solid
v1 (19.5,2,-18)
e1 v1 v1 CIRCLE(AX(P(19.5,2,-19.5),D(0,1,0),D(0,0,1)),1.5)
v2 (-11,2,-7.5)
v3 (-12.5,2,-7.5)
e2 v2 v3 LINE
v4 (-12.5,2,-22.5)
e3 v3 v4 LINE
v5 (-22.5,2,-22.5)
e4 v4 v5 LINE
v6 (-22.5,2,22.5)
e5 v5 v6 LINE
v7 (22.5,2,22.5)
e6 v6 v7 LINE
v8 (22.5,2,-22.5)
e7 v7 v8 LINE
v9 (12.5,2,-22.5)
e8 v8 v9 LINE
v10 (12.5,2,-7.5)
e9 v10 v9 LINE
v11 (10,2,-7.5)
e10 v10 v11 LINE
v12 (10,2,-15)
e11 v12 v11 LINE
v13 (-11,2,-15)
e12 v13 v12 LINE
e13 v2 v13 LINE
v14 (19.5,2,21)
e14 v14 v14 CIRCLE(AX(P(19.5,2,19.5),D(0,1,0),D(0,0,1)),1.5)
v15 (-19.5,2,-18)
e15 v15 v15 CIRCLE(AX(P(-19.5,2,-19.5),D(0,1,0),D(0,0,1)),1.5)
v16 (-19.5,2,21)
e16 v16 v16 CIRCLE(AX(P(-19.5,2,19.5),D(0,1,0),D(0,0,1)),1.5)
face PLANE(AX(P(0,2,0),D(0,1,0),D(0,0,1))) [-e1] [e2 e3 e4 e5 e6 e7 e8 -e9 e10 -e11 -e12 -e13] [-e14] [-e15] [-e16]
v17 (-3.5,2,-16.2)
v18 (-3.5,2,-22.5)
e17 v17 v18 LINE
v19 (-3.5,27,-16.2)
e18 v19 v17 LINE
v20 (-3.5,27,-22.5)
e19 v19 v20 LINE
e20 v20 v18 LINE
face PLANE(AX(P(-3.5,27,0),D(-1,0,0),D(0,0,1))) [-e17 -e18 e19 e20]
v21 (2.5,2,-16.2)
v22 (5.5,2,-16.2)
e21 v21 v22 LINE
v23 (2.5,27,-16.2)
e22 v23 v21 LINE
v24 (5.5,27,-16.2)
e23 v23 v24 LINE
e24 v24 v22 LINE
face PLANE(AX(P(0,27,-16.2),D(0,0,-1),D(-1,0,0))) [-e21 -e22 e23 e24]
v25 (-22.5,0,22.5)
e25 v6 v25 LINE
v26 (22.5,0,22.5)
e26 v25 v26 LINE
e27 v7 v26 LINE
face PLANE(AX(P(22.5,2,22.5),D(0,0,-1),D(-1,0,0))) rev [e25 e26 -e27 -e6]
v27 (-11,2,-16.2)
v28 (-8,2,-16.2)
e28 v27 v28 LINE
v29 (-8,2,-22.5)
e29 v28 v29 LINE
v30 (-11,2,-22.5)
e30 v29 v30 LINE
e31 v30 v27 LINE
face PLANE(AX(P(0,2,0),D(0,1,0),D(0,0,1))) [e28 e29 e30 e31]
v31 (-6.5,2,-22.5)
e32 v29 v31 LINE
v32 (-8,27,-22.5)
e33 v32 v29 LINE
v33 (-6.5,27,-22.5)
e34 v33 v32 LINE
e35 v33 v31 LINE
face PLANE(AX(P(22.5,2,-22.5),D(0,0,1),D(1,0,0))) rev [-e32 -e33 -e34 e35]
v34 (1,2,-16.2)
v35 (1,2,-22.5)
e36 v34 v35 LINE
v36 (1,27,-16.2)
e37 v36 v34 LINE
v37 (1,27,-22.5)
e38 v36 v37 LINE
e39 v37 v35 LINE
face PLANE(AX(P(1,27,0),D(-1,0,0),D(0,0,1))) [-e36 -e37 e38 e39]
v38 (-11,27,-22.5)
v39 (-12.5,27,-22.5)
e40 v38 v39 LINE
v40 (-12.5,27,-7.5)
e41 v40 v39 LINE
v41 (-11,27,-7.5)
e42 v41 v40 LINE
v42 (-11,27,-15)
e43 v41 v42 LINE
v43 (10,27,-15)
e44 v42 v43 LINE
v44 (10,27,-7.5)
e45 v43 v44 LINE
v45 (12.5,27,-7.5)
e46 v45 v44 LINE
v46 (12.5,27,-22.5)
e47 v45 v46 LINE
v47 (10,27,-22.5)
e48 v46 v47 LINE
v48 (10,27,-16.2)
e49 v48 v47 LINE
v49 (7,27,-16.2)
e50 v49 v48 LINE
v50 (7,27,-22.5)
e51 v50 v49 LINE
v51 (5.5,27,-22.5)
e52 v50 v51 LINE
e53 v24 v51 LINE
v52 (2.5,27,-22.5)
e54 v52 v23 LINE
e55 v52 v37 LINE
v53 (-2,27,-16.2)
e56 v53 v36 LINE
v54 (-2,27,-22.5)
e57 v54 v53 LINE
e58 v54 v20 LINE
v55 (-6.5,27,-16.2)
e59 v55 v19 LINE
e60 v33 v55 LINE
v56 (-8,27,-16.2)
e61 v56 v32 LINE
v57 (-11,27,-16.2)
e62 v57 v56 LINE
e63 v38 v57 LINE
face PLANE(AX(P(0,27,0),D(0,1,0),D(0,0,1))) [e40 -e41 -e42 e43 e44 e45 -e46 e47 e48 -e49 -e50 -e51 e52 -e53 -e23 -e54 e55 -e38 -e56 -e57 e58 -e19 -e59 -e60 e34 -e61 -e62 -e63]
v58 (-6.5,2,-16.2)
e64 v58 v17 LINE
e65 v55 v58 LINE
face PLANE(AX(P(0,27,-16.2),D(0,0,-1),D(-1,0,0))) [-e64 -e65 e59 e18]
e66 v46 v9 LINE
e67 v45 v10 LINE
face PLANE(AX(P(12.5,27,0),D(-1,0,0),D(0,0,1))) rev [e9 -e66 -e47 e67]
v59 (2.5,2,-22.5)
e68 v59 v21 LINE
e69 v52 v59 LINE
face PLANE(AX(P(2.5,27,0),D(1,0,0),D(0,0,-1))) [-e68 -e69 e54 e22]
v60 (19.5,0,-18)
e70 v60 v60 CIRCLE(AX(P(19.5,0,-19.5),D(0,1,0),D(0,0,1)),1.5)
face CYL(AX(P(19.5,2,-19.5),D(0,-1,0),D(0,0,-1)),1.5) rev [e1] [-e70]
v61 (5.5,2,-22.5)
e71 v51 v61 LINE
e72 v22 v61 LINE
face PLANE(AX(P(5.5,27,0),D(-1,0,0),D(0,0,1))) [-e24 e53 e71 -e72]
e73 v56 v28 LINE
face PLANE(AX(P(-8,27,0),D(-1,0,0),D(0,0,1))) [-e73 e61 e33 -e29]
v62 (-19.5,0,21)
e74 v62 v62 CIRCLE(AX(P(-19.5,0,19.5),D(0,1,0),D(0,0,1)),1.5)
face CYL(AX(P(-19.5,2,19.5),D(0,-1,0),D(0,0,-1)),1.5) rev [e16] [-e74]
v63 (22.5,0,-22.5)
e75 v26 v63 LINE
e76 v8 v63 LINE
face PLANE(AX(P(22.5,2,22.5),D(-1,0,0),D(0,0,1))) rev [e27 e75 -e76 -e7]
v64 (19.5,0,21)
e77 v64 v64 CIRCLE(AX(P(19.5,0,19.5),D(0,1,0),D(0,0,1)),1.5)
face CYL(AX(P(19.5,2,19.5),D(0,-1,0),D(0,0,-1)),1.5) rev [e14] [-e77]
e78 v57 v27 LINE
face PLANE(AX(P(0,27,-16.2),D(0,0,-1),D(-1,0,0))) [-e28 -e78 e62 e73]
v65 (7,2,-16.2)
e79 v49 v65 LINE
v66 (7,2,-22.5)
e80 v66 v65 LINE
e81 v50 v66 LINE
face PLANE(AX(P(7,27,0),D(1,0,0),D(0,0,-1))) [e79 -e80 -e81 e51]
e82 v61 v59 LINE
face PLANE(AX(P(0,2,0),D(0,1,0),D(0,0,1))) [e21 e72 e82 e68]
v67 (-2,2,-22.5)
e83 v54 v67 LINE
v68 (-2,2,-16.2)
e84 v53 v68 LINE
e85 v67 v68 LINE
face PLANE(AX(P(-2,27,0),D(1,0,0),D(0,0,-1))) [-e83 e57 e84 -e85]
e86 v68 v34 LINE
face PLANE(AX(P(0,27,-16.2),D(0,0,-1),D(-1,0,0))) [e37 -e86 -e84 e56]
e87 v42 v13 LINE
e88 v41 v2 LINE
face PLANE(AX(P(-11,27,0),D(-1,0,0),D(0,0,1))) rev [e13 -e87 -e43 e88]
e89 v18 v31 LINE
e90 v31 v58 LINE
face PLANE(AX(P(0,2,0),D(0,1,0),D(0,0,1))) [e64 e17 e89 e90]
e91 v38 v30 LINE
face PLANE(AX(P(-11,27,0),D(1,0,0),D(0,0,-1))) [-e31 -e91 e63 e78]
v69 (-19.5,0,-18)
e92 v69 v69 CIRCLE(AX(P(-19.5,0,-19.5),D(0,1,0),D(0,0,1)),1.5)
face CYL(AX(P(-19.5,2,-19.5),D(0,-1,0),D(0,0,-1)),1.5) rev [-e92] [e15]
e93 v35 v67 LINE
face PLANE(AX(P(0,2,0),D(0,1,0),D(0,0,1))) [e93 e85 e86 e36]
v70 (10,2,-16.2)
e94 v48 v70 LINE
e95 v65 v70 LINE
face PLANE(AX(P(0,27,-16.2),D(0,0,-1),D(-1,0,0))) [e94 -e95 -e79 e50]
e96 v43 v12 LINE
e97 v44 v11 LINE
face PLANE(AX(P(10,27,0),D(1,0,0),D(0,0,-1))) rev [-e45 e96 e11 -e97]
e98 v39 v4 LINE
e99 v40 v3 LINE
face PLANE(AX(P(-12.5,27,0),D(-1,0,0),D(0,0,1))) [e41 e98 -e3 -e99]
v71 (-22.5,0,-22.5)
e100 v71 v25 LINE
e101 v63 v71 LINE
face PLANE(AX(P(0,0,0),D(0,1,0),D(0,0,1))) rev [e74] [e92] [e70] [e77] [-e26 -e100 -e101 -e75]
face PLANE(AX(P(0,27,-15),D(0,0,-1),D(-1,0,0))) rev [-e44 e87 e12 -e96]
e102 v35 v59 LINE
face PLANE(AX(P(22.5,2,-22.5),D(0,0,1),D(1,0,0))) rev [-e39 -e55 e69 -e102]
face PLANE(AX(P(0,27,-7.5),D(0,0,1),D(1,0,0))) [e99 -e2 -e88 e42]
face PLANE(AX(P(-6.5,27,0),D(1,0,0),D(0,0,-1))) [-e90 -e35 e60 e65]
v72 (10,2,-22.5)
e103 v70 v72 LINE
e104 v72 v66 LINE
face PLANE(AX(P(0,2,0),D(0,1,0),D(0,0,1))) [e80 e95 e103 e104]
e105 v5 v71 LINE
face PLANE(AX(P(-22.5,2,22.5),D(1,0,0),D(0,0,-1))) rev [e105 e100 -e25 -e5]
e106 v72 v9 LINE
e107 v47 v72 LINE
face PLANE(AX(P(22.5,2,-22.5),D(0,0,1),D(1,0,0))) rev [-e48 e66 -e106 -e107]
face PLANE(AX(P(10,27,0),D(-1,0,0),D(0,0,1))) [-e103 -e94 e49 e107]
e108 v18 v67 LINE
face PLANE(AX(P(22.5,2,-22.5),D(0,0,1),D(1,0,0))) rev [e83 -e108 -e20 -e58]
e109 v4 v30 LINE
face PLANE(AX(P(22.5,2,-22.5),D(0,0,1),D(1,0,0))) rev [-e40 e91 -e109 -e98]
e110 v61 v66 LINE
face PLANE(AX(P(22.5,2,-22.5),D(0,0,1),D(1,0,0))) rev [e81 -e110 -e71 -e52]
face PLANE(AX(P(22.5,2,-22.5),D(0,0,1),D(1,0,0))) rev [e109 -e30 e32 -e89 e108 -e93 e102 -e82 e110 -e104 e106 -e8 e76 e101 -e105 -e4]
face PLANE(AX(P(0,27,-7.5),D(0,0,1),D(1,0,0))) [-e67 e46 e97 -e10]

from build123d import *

# Parameters (mm, degrees)
SKETCH1_W           = 45
SKETCH1_H           = 45
SKETCH1_R           = 1.5
BOSS_EXTRUDE1_DEPTH = 2
BOSS_EXTRUDE2_DEPTH = 25


with BuildPart() as part:
    # Sketch1 → Boss-Extrude1 (new body)
    with BuildSketch(Plane(origin=(0, 0, 0), x_dir=(1, 0, 0), z_dir=(0, 1, 0))):
        Rectangle(SKETCH1_W, SKETCH1_H)
        with Locations((-19.5, 19.5)):
            Circle(SKETCH1_R, mode=Mode.SUBTRACT)
        with Locations((19.5, 19.5)):
            Circle(SKETCH1_R, mode=Mode.SUBTRACT)
        with Locations((-19.5, -19.5)):
            Circle(SKETCH1_R, mode=Mode.SUBTRACT)
        with Locations((19.5, -19.5)):
            Circle(SKETCH1_R, mode=Mode.SUBTRACT)
    extrude(amount=BOSS_EXTRUDE1_DEPTH)

    # Sketch2 → Boss-Extrude2 (add)
    with BuildSketch(Plane(origin=(0, 2, 0), x_dir=(1, 0, 0), z_dir=(0, 1, 0))):
        Polygon((10, 7.5), (12.5, 7.5), (12.5, 22.5), (10, 22.5), (10, 16.2), (7, 16.2), (7, 22.5), (5.5, 22.5), (5.5, 16.2), (2.5, 16.2), (2.5, 22.5), (1, 22.5), (1, 16.2), (-2, 16.2), (-2, 22.5), (-3.5, 22.5), (-3.5, 16.2), (-6.5, 16.2), (-6.5, 22.5), (-8, 22.5), (-8, 16.2), (-11, 16.2), (-11, 22.5), (-12.5, 22.5), (-12.5, 7.5), (-11, 7.5), (-11, 15), (10, 15), align=None)
    extrude(amount=BOSS_EXTRUDE2_DEPTH)


solid = part.part
